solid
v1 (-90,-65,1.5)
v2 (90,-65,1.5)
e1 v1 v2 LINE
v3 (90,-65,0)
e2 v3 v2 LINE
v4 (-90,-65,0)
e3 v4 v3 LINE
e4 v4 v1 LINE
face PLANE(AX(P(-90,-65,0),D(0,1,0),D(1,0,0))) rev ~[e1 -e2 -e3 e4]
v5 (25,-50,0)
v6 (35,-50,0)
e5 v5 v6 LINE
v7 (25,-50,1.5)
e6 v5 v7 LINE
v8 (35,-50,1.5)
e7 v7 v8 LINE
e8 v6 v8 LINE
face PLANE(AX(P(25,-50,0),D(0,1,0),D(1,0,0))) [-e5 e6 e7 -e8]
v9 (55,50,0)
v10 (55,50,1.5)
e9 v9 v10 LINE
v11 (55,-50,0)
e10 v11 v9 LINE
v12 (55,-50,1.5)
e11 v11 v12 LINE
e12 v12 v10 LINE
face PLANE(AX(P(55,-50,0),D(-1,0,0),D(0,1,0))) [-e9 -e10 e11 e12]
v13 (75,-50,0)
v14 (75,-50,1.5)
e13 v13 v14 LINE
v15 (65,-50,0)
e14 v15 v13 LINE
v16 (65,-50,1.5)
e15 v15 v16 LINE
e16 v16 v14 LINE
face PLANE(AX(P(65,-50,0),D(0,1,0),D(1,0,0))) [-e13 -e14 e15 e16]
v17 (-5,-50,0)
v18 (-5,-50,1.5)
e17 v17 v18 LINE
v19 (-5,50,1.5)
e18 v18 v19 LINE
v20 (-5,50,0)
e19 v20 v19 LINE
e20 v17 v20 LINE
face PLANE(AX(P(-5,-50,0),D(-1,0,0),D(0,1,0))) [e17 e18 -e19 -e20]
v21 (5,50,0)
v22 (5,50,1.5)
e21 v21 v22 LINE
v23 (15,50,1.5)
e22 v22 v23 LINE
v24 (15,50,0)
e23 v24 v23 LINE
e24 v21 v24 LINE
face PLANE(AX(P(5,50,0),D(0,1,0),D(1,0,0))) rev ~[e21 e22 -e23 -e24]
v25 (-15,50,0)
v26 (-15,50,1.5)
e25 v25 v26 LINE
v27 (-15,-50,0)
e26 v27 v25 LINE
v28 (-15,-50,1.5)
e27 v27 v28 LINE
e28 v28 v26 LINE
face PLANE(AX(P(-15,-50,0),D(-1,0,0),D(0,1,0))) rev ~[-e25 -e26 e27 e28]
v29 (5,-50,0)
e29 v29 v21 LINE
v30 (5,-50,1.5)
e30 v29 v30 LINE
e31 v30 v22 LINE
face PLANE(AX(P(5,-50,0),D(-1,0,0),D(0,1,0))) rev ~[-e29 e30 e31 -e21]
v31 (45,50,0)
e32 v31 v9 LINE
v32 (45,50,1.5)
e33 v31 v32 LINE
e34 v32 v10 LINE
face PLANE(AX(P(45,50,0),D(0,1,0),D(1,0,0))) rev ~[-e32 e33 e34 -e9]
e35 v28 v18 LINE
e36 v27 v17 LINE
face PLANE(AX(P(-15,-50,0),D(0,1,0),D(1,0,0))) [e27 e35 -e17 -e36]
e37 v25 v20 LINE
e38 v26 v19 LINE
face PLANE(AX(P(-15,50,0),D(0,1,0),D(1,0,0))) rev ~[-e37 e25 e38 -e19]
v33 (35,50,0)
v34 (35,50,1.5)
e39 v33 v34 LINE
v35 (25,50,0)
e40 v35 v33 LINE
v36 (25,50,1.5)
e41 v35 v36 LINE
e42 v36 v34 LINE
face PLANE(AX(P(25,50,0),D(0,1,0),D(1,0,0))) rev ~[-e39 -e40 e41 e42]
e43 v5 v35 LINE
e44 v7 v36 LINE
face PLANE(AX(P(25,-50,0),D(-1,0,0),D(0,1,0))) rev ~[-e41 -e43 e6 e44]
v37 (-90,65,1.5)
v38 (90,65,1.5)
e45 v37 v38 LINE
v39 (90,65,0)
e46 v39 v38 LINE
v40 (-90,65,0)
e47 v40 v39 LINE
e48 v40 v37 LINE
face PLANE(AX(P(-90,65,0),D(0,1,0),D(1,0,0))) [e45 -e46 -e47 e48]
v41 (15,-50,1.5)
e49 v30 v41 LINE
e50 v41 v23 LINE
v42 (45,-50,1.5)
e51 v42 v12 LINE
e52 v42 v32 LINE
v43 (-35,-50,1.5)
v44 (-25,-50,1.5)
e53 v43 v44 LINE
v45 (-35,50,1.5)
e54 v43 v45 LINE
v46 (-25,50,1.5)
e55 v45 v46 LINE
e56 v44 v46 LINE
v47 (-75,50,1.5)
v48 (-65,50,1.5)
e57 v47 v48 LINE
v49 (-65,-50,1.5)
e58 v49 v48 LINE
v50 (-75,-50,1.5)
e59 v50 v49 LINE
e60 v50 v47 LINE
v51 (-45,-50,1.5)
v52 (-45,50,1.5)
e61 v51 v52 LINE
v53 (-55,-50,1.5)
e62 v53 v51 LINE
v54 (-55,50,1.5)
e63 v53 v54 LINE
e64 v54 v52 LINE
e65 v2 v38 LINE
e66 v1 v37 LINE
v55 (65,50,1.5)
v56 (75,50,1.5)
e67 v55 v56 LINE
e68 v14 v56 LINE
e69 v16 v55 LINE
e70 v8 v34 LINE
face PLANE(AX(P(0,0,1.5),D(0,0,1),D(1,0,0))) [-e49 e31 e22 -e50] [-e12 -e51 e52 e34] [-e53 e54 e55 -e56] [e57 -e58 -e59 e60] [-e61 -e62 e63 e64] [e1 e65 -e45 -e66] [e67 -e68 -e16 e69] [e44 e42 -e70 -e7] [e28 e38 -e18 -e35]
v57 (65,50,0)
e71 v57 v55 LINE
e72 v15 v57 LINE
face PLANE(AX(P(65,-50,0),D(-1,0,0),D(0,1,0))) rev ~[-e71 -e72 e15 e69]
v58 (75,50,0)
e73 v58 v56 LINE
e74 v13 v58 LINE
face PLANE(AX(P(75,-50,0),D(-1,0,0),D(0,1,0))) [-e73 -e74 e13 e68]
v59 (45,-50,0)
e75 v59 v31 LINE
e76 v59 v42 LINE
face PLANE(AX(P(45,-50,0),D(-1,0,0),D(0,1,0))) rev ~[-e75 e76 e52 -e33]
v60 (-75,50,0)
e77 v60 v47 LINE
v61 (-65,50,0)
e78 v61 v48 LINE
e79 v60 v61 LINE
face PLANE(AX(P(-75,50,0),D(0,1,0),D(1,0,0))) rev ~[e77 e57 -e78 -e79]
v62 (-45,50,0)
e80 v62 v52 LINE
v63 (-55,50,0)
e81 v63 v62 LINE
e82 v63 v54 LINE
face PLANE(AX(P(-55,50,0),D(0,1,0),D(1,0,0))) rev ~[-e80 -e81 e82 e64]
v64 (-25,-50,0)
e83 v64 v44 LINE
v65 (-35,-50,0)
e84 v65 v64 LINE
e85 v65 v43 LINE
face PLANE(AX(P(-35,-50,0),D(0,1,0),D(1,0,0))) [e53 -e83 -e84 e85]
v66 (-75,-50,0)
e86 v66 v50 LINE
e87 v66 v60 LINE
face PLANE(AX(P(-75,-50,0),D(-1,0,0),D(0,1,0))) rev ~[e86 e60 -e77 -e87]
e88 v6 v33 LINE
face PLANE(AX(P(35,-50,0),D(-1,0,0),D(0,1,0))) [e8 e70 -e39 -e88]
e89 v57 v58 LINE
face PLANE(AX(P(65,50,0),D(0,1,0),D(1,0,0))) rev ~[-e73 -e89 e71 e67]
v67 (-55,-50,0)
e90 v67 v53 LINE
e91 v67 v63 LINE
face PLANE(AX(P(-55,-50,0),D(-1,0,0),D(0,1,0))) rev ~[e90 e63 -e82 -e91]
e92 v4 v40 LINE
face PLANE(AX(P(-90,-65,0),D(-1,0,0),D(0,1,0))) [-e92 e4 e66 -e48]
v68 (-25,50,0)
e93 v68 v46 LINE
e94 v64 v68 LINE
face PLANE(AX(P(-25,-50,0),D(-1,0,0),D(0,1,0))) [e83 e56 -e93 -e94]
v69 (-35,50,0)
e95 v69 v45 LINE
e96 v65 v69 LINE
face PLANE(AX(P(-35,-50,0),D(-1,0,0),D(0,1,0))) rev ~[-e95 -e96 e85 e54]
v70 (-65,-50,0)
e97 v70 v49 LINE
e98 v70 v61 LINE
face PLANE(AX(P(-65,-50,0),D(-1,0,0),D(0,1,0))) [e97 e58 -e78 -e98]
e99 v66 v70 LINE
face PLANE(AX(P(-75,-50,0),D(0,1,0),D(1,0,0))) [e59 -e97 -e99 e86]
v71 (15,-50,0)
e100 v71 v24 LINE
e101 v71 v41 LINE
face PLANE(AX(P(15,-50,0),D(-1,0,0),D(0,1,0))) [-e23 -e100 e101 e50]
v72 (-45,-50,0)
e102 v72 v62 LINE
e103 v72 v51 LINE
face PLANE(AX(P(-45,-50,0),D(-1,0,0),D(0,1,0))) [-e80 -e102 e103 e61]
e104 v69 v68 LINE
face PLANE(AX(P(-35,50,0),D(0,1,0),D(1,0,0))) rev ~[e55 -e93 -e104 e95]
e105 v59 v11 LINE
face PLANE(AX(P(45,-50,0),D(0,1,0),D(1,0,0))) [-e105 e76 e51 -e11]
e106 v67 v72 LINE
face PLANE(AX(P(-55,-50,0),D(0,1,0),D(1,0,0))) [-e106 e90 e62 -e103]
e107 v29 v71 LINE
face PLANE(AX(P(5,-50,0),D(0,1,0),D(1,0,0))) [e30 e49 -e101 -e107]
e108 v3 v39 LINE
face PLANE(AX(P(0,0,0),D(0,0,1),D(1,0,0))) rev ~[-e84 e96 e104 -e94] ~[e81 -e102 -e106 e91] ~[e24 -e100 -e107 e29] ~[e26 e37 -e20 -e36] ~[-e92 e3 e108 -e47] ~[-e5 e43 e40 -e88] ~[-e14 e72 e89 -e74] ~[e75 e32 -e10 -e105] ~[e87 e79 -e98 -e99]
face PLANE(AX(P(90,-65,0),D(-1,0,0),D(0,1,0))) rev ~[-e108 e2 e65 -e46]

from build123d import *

# Parameters (mm, degrees)
F0_W     = 180
F0_H     = 130
F0_W_2   = 10
F0_H_2   = 100
F1_DEPTH = 1.5


with BuildPart() as f1:
    # F0 (on Top) → F1 (new body)
    with BuildSketch(Plane.XY):
        Rectangle(F0_W, F0_H)
        with Locations((-70, 0)):
            Rectangle(F0_W_2, F0_H_2, mode=Mode.SUBTRACT)
        with Locations((-50, 0)):
            Rectangle(F0_W_2, F0_H_2, mode=Mode.SUBTRACT)
        with Locations((-30, 0)):
            Rectangle(F0_W_2, F0_H_2, mode=Mode.SUBTRACT)
        with Locations((-10, 0)):
            Rectangle(F0_W_2, F0_H_2, mode=Mode.SUBTRACT)
        with Locations((10, 0)):
            Rectangle(F0_W_2, F0_H_2, mode=Mode.SUBTRACT)
        with Locations((30, 0)):
            Rectangle(F0_W_2, F0_H_2, mode=Mode.SUBTRACT)
        with Locations((50, 0)):
            Rectangle(F0_W_2, F0_H_2, mode=Mode.SUBTRACT)
        with Locations((70, 0)):
            Rectangle(F0_W_2, F0_H_2, mode=Mode.SUBTRACT)
    extrude(amount=F1_DEPTH)


solid = f1.part
